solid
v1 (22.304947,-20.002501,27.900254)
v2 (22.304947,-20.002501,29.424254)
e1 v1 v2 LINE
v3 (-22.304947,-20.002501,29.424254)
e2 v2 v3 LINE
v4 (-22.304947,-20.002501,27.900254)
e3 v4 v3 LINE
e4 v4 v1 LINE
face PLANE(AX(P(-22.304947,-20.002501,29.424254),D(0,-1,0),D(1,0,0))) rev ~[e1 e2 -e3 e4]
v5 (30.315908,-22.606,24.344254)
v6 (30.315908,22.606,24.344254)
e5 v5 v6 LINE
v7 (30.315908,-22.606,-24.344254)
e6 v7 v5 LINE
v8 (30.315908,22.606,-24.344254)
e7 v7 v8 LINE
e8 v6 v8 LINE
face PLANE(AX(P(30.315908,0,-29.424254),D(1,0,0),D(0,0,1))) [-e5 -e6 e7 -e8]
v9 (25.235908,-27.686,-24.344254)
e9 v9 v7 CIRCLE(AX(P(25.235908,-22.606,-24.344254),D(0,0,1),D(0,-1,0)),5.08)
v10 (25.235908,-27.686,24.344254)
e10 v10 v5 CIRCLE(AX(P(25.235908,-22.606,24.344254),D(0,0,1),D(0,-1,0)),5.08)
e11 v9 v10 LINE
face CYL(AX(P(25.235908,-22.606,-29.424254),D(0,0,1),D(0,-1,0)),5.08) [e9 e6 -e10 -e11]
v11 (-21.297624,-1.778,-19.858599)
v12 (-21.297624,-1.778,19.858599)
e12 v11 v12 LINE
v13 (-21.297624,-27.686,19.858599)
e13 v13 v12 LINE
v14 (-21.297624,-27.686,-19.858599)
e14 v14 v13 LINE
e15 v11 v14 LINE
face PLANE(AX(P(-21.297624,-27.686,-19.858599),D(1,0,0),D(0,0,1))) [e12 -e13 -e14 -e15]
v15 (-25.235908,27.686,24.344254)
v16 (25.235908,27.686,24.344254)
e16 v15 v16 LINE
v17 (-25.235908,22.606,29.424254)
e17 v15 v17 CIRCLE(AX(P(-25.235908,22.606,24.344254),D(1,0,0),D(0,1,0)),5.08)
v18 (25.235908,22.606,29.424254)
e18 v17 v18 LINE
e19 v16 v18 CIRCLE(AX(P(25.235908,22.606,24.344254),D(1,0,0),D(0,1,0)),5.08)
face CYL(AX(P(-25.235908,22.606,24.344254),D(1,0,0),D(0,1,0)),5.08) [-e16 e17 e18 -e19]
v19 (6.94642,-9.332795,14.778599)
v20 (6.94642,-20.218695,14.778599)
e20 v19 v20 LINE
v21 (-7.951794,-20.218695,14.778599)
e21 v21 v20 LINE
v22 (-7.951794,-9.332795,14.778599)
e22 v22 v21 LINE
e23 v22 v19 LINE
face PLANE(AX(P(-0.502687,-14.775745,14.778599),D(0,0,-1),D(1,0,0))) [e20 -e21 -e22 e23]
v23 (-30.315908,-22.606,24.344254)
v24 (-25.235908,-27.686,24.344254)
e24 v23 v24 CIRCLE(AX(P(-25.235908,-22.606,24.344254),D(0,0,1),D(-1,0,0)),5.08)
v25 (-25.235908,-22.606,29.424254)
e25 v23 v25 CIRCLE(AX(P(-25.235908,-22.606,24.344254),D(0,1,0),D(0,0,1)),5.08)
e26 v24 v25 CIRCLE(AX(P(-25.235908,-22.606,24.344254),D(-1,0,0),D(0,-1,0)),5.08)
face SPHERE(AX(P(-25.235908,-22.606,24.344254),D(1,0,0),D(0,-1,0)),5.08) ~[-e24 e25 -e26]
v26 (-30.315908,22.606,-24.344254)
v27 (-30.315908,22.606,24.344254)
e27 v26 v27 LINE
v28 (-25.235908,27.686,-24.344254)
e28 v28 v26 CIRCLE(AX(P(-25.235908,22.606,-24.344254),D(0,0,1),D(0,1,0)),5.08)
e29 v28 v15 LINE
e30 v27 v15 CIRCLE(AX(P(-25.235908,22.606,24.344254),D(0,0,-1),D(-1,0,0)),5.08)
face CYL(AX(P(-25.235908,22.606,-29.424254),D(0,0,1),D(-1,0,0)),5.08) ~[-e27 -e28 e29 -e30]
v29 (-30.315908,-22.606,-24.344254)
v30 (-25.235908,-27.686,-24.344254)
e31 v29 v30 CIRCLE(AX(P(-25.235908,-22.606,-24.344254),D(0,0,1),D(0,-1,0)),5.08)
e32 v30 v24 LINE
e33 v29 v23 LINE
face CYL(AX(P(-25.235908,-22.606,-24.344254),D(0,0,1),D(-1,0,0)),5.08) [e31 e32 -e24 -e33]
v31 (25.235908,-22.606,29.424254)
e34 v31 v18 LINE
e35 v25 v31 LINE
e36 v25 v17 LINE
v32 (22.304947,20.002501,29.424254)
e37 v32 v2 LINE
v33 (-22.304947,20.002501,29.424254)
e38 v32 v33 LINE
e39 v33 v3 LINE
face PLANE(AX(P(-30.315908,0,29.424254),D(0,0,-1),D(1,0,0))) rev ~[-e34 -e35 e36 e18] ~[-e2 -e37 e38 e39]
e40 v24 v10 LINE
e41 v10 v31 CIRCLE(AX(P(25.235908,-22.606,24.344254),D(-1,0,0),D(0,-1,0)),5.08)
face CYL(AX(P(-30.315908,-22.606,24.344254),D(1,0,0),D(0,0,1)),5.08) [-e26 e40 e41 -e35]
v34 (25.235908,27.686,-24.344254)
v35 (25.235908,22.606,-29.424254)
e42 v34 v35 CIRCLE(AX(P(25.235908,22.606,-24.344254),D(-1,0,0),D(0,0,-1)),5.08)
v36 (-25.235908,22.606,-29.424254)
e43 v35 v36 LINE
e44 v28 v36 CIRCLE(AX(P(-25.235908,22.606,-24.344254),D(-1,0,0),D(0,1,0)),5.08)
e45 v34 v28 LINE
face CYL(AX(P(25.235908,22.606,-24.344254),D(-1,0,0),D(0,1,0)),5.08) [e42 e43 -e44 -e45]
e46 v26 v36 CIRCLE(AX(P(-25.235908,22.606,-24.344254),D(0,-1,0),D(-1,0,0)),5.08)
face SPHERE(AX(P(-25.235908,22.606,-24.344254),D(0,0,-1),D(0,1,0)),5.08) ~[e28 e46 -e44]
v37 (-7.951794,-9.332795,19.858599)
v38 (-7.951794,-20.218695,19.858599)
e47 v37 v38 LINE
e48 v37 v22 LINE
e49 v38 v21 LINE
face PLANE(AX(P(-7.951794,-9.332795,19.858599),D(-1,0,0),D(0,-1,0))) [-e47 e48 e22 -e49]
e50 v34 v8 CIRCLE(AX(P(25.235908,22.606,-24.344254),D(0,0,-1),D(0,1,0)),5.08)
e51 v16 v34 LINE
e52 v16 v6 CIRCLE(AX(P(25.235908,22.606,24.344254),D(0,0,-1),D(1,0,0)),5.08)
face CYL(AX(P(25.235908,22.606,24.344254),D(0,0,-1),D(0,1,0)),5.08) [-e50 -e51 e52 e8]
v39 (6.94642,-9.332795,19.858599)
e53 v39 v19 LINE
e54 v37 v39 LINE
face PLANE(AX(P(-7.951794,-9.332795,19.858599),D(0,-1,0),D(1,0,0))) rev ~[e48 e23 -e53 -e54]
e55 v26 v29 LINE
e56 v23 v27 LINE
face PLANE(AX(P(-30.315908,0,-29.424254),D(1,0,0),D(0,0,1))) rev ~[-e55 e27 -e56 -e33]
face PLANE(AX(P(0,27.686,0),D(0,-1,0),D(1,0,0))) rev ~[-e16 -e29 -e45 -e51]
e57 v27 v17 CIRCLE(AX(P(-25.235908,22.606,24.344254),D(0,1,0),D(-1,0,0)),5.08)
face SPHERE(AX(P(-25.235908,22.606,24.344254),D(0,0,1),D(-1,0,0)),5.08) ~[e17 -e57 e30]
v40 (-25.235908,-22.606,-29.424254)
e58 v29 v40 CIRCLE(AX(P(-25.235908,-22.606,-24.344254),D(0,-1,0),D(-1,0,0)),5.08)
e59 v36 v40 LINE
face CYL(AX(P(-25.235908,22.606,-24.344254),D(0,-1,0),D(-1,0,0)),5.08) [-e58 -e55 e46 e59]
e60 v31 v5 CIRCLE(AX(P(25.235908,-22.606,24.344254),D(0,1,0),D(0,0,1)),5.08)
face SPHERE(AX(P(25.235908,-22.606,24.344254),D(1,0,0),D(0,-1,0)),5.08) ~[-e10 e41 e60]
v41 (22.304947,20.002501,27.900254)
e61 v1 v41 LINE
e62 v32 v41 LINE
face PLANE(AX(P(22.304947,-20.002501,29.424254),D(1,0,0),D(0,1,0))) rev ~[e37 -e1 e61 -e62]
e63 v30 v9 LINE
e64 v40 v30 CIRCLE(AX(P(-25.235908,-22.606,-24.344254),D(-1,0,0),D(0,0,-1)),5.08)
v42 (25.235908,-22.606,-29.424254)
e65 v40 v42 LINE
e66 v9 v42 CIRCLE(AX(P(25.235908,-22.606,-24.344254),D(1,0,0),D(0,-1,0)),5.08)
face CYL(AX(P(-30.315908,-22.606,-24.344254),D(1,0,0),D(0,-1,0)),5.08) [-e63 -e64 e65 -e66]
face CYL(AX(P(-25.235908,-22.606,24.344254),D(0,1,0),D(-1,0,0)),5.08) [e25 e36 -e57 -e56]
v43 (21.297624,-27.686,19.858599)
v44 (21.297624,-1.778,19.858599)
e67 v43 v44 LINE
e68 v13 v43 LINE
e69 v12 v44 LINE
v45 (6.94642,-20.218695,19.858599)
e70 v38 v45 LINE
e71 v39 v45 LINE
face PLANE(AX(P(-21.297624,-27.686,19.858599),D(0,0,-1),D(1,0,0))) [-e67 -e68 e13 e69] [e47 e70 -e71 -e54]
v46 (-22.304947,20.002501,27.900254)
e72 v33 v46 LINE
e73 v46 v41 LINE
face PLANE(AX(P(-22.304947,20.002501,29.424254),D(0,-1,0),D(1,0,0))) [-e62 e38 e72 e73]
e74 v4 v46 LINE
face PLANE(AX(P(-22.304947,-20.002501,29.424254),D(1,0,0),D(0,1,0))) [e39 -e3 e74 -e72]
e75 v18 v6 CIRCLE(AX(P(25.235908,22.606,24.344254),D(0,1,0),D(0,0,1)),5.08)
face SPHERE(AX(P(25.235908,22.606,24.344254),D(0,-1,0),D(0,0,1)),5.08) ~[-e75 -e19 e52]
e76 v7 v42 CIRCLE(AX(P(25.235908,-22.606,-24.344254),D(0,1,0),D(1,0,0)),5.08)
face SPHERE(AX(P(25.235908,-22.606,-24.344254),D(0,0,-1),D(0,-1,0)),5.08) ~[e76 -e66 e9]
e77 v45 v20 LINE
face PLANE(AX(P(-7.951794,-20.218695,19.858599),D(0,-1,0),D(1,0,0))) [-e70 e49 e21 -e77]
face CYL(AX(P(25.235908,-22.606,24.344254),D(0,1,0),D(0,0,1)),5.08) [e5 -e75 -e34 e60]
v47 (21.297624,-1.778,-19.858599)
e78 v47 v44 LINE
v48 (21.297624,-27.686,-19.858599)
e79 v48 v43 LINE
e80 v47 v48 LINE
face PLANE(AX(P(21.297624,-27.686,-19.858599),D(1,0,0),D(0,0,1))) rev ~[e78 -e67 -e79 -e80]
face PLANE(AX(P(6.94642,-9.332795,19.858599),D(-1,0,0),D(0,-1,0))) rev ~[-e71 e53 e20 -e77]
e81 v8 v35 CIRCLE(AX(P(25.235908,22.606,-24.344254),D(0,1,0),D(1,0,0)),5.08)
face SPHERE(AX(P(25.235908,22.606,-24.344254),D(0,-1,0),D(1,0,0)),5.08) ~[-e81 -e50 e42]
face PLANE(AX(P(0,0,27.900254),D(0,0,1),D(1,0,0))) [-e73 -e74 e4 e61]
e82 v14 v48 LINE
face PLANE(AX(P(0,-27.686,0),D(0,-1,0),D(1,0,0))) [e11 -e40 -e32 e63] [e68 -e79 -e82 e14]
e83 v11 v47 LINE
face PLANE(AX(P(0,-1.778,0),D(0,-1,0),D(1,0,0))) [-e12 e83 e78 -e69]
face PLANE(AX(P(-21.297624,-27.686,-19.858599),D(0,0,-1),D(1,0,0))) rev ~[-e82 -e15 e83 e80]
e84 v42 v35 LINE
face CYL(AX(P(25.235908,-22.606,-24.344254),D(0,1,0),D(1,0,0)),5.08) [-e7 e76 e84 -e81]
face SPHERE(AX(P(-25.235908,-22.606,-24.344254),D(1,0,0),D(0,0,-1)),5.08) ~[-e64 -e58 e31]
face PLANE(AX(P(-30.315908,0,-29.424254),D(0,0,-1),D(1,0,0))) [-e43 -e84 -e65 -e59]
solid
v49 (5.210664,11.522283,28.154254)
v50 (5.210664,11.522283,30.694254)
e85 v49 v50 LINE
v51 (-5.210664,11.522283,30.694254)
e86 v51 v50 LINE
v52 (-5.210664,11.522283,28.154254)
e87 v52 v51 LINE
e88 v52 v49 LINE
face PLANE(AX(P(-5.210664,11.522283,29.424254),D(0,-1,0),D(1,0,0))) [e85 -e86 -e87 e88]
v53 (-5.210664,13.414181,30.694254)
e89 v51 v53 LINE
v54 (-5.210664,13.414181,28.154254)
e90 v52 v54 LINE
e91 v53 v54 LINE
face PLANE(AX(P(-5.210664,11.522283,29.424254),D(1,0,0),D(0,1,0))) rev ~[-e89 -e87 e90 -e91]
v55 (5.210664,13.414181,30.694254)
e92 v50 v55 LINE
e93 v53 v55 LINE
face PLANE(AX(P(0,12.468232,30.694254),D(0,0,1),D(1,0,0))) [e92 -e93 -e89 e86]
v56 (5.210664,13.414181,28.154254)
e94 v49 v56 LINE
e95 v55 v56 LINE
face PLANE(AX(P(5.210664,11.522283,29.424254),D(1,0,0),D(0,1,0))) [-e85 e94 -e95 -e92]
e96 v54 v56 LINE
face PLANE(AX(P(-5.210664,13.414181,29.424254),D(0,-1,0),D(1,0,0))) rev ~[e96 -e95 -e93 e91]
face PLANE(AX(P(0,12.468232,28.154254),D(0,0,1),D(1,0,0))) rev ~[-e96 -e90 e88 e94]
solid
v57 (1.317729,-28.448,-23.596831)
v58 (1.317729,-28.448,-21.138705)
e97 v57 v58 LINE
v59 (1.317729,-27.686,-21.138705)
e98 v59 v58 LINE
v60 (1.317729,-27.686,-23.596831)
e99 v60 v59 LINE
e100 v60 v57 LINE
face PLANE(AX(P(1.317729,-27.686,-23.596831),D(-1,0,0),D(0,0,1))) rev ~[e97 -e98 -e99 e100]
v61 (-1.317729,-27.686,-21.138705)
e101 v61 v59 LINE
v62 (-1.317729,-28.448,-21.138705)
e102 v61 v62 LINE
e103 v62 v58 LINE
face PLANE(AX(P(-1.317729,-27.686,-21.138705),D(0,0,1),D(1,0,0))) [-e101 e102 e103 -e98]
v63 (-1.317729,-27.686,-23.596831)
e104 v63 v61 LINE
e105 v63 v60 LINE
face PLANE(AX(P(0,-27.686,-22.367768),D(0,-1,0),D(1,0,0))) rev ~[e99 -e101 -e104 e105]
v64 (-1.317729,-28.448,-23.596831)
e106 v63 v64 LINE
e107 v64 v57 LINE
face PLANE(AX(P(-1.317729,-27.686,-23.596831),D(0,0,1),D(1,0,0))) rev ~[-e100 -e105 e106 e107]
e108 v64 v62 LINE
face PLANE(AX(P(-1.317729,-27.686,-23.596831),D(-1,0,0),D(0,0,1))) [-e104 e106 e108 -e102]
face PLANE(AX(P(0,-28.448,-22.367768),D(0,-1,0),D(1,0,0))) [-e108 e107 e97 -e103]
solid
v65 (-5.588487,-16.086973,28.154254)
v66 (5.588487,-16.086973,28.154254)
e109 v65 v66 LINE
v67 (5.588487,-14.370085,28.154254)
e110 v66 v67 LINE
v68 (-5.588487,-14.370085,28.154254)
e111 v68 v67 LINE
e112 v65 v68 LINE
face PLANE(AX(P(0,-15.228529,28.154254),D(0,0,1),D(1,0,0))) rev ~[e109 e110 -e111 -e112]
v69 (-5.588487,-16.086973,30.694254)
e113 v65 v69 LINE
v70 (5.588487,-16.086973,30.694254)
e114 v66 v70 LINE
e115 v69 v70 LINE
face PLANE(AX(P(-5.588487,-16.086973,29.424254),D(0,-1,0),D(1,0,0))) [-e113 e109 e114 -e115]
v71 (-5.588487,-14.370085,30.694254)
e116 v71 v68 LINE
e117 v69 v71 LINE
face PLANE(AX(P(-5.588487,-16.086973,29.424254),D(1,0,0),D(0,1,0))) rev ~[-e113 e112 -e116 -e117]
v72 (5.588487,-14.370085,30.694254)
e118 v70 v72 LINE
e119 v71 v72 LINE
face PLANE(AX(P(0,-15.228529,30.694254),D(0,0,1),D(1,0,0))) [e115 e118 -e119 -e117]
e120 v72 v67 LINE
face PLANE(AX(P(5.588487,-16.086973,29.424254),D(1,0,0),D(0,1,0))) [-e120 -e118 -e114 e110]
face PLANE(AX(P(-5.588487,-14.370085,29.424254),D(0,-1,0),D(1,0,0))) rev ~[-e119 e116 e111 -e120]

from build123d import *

# Parameters (mm, degrees)
F0_W      = 60.631816
F0_H      = 58.848508
F1_DEPTH  = 27.686
F2_W      = 42.595248
F2_H      = 39.717198
F3_DEPTH  = 25.908
F4_R      = 5.08
F5_R      = 5.08
F6_R      = 5.08
F7_R      = 5.08
F8_R      = 5.08
F9_W      = 14.898214
F9_H      = 10.885901
F10_DEPTH = 5.08
F11_W     = 44.609894
F11_H     = 40.005002
F13_DEPTH = 1.524
F14_W     = 11.176974
F14_H     = 1.716889
F15_DEPTH = 1.27
F16_W     = 10.421328
F16_H     = 1.891898
F17_DEPTH = 1.27
F18_W     = 2.635458
F18_H     = 2.458126
F19_DEPTH = 0.762


with BuildPart() as f1:
    # F0 (on Front) → F1 (new body, symmetric)
    with BuildSketch(Plane.XZ):
        Rectangle(F0_W, F0_H)
    extrude(amount=F1_DEPTH, both=True)

    # F2 (on face) → F3 (cut, symmetric)
    with BuildSketch(Plane.XZ.offset(27.686)):
        Rectangle(F2_W, F2_H)
    extrude(amount=F3_DEPTH, both=True, mode=Mode.SUBTRACT)

    # F4
    f4_edges = [f1.edges().sort_by_distance(p)[0] for p in [
        (0, -27.686, 29.424254),
    ]]
    fillet(f4_edges, radius=F4_R)

    # F5
    f5_edges = [f1.edges().sort_by_distance(p)[0] for p in [
        (30.315908, 2.54, 29.424254),
    ]]
    fillet(f5_edges, radius=F5_R)

    # F6
    f6_edges = [f1.edges().sort_by_distance(p)[0] for p in [
        (-2.54, -27.686, -29.424254),
    ]]
    fillet(f6_edges, radius=F6_R)

    # F7
    f7_edges = [f1.edges().sort_by_distance(p)[0] for p in [
        (-30.315908, 27.686, 0),
    ]]
    fillet(f7_edges, radius=F7_R)

    # F8
    f8_edges = [f1.edges().sort_by_distance(p)[0] for p in [
        (-30.315908, 0, -29.424254),
    ]]
    fillet(f8_edges, radius=F8_R)

    # F9 (on face) → F10 (join)
    with BuildSketch(Plane(origin=(0, 0, 19.858599), x_dir=(1, 0, 0), z_dir=(0, 0, -1))):
        with Locations((-0.502687, 14.775745)):
            Rectangle(F9_W, F9_H)
    extrude(amount=F10_DEPTH)

    # F11 (on face) → F13 (cut, symmetric)
    with BuildSketch(Plane.XY.offset(29.424254)):
        Rectangle(F11_W, F11_H)
    extrude(amount=F13_DEPTH, both=True, mode=Mode.SUBTRACT)


with BuildPart() as f15:
    # F14 (on face) → F15 (new body, symmetric)
    with BuildSketch(Plane.XY.offset(29.424254)):
        with Locations((0, -15.228529)):
            Rectangle(F14_W, F14_H)
    extrude(amount=F15_DEPTH, both=True)


with BuildPart() as f17:
    # F16 (on face) → F17 (new body, symmetric)
    with BuildSketch(Plane.XY.offset(29.424254)):
        with Locations((0, 12.468232)):
            Rectangle(F16_W, F16_H)
    extrude(amount=F17_DEPTH, both=True)


with BuildPart() as f19:
    # F18 (on face) → F19 (new body)
    with BuildSketch(Plane.XZ.offset(27.686)):
        with Locations((0, -22.367768)):
            Rectangle(F18_W, F18_H)
    extrude(amount=F19_DEPTH)


solid = Compound([f1.part, f15.part, f17.part, f19.part])
